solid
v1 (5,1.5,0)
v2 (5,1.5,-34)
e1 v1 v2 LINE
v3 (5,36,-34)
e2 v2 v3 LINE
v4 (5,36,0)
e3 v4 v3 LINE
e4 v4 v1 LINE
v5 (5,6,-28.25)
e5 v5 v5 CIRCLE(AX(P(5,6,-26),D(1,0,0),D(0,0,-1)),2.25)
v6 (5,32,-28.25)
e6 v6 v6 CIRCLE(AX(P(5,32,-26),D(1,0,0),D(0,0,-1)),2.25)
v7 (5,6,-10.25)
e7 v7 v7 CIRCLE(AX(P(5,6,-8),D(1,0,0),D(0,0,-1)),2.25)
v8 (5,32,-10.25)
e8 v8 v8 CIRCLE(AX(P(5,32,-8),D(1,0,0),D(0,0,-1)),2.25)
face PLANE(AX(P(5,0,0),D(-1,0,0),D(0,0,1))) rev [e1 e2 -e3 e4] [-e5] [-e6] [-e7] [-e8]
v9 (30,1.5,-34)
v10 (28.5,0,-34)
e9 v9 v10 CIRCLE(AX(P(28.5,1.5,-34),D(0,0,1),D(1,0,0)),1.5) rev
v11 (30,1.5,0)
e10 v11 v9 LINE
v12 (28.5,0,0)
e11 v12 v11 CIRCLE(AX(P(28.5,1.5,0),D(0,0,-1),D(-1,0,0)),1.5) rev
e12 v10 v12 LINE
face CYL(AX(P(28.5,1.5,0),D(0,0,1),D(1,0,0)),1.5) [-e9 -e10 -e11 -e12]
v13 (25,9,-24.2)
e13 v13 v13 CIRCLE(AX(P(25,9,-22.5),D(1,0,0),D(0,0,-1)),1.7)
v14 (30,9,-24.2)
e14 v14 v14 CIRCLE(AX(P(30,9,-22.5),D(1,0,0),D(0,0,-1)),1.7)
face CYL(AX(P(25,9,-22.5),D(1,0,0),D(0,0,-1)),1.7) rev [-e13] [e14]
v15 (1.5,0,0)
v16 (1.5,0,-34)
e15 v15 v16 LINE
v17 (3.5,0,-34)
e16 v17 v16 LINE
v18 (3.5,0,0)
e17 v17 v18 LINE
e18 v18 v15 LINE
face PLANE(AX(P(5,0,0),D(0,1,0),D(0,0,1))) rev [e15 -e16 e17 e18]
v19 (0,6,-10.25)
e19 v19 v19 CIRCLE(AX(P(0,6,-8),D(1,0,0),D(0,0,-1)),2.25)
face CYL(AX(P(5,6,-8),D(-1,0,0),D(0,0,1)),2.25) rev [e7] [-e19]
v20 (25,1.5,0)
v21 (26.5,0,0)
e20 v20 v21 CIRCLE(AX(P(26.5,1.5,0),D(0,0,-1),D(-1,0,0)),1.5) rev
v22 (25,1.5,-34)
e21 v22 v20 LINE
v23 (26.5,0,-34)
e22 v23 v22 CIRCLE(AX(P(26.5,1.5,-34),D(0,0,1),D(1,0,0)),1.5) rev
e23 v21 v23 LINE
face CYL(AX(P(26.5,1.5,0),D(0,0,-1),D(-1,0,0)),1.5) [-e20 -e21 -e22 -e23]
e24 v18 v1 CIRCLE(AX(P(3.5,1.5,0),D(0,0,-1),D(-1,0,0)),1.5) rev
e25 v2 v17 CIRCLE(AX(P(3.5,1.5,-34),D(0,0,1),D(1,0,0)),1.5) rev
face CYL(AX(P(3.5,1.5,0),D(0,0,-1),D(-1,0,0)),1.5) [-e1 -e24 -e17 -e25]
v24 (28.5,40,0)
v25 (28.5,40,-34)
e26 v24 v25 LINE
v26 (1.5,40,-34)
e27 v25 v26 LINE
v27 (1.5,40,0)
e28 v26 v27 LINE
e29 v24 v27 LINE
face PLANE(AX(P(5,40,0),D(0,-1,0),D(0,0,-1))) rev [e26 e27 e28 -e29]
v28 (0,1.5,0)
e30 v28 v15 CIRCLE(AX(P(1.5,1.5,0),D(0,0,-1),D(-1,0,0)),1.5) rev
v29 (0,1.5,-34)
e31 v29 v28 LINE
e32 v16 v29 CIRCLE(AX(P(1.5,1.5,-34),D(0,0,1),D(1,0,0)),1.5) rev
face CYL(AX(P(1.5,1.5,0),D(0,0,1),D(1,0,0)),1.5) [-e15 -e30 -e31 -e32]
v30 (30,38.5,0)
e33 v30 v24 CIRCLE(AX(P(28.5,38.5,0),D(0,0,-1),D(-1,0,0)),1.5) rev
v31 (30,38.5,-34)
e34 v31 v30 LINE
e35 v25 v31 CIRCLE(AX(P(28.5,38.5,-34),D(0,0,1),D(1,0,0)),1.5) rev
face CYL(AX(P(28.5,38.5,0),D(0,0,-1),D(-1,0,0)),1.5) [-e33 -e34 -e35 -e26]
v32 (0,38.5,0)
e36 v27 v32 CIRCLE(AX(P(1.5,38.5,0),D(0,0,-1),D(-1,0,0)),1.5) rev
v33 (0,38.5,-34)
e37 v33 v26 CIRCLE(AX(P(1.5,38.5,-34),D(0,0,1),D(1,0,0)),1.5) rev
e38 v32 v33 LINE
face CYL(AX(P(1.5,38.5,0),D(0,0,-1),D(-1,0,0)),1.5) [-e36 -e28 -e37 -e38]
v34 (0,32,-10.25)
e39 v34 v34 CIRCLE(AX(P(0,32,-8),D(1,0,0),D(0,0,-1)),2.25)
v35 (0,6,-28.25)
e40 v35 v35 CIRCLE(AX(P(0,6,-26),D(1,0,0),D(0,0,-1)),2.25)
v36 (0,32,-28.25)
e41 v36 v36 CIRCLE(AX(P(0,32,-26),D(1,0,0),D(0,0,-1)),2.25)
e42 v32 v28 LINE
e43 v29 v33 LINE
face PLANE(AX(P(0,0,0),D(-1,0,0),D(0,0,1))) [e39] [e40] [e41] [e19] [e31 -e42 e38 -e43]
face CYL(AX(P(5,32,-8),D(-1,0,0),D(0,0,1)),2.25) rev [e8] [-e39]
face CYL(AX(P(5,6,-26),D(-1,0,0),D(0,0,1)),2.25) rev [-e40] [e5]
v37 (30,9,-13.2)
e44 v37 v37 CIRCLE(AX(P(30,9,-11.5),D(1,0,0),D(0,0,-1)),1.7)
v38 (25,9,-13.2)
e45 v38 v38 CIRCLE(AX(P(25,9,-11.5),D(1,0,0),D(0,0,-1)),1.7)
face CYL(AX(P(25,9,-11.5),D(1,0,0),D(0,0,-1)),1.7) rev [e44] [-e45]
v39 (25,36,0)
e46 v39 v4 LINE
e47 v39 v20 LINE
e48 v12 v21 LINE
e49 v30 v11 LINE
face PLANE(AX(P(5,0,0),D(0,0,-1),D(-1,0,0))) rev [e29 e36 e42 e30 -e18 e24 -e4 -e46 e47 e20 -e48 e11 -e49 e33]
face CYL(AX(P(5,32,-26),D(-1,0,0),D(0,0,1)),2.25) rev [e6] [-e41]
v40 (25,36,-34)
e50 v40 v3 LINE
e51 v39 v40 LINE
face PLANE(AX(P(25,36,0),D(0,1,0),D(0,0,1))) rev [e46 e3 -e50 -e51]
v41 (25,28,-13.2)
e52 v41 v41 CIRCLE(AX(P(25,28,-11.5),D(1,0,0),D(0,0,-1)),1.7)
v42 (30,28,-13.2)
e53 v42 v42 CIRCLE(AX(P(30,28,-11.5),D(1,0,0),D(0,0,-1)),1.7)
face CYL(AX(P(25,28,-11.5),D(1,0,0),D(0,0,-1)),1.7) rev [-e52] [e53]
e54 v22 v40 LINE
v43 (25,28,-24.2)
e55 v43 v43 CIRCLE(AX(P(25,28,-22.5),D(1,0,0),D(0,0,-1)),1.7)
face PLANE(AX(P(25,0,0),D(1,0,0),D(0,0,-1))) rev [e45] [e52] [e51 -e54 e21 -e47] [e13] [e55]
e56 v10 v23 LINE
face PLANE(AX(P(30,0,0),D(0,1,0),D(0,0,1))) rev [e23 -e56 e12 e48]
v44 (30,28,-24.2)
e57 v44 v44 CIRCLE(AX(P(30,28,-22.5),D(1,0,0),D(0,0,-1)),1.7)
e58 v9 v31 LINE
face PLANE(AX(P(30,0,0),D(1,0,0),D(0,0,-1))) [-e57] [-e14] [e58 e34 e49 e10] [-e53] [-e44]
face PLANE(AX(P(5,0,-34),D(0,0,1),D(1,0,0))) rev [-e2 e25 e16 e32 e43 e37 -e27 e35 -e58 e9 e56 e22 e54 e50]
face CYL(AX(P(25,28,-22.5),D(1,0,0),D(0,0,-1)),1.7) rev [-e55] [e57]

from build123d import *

# Parameters (mm, degrees)
SKETCH_1_W          = 34
SKETCH_1_H          = 40
SKETCH_1_R          = 2.25
EXTRUDE_1_DEPTH     = 5
SKETCH_2_W          = 34
SKETCH_2_H          = 4
EXTRUDE_2_DEPTH     = 20
SKETCH_3_W          = 34
SKETCH_3_H          = 40
EXTRUDE_3_DEPTH     = 5
SKETCH_4_R          = 1.7
CUT_EXTRUDE_1_DEPTH = 5
FILLET_1_R          = 1.5


with BuildPart() as part:
    # 草图1 → 凸台-拉伸1 (new body)
    with BuildSketch(Plane(origin=(0, 0, 0), x_dir=(0, 0, -1), z_dir=(1, 0, 0))):
        with Locations((17, 20)):
            Rectangle(SKETCH_1_W, SKETCH_1_H)
        with Locations((8, 32)):
            Circle(SKETCH_1_R, mode=Mode.SUBTRACT)
        with Locations((8, 6)):
            Circle(SKETCH_1_R, mode=Mode.SUBTRACT)
        with Locations((26, 32)):
            Circle(SKETCH_1_R, mode=Mode.SUBTRACT)
        with Locations((26, 6)):
            Circle(SKETCH_1_R, mode=Mode.SUBTRACT)
    extrude(amount=EXTRUDE_1_DEPTH)

    # 草图2 → 凸台-拉伸2 (add)
    with BuildSketch(Plane(origin=(5, 0, 0), x_dir=(0, 0, -1), z_dir=(1, 0, 0))):
        with Locations((17, 38)):
            Rectangle(SKETCH_2_W, SKETCH_2_H)
    extrude(amount=EXTRUDE_2_DEPTH)

    # 草图3 → 凸台-拉伸3 (add)
    with BuildSketch(Plane(origin=(25, 0, 0), x_dir=(0, 0, -1), z_dir=(1, 0, 0))):
        with Locations((17, 20)):
            Rectangle(SKETCH_3_W, SKETCH_3_H)
    extrude(amount=EXTRUDE_3_DEPTH)

    # 草图4 → 切除-拉伸1 (cut)
    with BuildSketch(Plane(origin=(30, 0, 0), x_dir=(0, 0, -1), z_dir=(1, 0, 0))):
        with Locations((11.5, 28)):
            Circle(SKETCH_4_R)
        with Locations((22.5, 28)):
            Circle(SKETCH_4_R)
        with Locations((11.5, 9)):
            Circle(SKETCH_4_R)
        with Locations((22.5, 9)):
            Circle(SKETCH_4_R)
    extrude(amount=-CUT_EXTRUDE_1_DEPTH, mode=Mode.SUBTRACT)

    # 圆角1
    fillet_1_edges = [part.edges().sort_by_distance(p)[0] for p in [
        (25, 0, -17),
        (30, 0, -17),
        (30, 40, -17),
        (0, 40, -17),
        (0, 0, -17),
        (5, 0, -17),
    ]]
    fillet(fillet_1_edges, radius=FILLET_1_R)


solid = part.part
